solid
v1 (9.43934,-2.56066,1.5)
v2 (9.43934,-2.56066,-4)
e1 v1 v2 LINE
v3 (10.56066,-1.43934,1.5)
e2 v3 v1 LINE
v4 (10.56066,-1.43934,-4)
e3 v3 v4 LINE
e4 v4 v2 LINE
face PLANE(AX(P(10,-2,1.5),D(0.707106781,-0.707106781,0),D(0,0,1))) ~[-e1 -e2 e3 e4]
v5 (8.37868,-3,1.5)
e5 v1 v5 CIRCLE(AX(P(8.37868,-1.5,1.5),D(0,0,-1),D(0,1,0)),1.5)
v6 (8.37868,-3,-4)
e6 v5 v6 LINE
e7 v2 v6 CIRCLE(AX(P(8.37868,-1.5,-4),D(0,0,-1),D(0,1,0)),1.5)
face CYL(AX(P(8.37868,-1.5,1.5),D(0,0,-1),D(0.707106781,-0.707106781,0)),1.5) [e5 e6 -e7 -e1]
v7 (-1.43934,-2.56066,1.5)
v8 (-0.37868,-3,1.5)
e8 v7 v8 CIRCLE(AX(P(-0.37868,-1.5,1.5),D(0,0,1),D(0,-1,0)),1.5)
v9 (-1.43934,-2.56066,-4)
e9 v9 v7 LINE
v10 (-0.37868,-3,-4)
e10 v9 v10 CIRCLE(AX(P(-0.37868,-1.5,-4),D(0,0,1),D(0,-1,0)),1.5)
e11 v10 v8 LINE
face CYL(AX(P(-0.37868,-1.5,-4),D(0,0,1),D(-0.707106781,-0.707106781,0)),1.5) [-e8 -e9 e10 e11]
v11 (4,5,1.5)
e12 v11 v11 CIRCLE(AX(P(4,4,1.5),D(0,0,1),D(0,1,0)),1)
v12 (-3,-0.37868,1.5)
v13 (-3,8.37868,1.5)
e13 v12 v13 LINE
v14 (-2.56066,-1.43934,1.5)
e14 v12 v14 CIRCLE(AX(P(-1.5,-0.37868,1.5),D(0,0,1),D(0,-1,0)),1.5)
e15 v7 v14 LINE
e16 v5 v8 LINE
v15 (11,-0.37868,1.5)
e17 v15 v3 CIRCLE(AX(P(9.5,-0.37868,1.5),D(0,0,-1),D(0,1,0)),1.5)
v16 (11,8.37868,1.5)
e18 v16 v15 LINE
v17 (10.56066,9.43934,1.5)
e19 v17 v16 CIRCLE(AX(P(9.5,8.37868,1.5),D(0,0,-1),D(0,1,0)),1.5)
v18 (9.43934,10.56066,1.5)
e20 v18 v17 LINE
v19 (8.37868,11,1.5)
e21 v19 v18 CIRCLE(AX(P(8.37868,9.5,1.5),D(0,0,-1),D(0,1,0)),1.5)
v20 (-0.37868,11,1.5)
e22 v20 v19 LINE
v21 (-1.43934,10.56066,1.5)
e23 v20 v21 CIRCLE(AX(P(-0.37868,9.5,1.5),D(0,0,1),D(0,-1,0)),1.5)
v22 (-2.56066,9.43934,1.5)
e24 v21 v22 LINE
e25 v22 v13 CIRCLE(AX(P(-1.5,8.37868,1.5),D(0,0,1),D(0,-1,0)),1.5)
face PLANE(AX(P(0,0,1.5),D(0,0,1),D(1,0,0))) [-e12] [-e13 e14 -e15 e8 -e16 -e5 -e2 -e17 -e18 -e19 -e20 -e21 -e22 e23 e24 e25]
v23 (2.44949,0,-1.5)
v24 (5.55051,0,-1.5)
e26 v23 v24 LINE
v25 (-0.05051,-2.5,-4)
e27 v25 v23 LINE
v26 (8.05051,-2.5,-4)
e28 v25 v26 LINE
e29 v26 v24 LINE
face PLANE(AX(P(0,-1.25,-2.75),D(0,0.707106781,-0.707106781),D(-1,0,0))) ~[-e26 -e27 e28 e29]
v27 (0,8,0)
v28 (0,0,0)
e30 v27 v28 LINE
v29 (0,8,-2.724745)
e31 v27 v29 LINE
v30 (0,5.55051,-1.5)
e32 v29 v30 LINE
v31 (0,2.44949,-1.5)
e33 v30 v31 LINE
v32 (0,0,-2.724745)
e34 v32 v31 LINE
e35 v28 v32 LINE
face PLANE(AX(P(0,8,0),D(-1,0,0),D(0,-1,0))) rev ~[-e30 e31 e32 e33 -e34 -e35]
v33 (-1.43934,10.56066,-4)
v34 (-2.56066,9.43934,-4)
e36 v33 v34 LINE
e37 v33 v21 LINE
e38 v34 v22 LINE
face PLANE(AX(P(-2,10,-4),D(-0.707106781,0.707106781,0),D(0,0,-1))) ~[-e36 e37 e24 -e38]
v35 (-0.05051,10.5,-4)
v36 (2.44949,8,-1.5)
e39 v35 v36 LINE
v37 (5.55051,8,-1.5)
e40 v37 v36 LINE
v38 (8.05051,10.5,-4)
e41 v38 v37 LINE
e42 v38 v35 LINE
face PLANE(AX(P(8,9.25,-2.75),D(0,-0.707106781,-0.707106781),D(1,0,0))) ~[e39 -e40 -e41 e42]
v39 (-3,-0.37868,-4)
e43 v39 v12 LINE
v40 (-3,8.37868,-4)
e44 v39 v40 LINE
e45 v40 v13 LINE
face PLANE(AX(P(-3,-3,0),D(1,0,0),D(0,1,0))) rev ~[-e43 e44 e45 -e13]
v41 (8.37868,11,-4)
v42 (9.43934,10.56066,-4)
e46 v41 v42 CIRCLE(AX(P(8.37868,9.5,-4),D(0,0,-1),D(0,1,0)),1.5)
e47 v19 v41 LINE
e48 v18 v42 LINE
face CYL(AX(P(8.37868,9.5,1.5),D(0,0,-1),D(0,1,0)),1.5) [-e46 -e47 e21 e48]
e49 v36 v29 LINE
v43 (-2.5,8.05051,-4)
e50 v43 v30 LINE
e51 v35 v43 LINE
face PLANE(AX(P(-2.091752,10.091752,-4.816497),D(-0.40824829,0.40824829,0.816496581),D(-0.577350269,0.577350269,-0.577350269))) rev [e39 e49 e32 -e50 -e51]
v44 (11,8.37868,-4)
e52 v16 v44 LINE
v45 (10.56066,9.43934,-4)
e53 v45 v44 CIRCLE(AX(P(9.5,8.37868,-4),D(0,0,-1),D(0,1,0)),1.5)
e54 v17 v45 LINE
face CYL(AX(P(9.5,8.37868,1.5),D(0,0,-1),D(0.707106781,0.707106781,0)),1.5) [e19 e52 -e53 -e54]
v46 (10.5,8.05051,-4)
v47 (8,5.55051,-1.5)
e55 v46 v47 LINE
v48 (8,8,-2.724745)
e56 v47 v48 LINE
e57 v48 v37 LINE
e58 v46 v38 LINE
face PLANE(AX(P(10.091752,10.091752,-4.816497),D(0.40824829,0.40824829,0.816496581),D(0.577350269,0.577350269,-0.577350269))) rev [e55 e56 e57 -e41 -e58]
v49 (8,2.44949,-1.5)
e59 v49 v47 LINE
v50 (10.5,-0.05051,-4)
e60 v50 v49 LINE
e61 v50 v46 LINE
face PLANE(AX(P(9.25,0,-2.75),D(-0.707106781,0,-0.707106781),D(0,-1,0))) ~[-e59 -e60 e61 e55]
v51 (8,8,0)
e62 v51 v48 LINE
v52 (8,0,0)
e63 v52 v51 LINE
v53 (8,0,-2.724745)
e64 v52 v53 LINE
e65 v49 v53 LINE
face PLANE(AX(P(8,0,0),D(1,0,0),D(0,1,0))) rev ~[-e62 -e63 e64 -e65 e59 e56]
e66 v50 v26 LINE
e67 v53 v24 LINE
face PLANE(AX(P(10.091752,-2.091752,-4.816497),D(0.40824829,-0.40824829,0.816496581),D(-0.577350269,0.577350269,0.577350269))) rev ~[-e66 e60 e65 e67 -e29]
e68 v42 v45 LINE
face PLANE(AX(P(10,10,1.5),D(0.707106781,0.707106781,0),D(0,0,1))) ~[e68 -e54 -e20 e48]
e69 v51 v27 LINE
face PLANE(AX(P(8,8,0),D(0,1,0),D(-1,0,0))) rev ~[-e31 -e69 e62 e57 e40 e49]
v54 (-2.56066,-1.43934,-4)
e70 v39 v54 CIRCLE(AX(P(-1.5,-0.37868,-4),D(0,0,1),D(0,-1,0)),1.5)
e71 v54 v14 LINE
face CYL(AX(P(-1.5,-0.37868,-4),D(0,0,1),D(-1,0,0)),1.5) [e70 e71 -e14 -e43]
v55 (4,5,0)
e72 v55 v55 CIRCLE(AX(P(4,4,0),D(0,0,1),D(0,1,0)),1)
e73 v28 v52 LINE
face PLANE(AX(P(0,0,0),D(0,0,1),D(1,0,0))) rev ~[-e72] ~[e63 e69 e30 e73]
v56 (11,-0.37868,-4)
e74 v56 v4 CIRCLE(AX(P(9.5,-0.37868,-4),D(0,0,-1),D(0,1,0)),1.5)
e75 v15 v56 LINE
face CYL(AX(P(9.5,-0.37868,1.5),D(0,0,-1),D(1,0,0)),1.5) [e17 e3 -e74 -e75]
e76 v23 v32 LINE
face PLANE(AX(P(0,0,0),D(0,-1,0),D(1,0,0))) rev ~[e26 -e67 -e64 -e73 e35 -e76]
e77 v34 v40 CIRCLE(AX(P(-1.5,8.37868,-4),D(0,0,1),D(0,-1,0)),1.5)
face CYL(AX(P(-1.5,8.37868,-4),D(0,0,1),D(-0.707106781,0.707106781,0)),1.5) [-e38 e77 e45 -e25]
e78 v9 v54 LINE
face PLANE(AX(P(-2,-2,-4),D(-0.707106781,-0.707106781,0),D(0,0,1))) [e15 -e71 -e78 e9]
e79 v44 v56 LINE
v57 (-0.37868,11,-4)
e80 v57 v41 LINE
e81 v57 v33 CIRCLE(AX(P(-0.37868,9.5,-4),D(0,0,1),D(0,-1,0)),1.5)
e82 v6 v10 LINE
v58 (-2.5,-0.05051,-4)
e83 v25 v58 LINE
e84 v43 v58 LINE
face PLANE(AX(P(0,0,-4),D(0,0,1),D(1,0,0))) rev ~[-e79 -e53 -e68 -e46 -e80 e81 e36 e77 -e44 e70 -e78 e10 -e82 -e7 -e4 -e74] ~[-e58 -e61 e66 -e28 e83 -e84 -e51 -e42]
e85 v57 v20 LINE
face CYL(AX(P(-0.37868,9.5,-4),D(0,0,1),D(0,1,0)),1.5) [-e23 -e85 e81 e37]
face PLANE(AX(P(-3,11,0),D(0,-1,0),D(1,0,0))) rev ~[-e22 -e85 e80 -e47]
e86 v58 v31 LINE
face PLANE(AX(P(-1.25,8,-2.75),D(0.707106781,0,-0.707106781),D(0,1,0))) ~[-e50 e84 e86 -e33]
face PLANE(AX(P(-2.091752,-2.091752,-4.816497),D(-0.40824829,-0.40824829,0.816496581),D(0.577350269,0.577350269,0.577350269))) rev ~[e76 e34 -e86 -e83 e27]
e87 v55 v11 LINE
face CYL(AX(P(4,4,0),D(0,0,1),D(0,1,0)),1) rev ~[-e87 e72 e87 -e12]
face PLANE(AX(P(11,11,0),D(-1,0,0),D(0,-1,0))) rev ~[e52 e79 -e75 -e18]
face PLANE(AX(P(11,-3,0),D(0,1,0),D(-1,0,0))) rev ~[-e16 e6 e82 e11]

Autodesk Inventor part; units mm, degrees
ref_plane "YZ Plane" through (0, 0, 0) normal (1, 0, 0) x (0, 1, 0)
ref_plane "XZ Plane" through (0, 0, 0) normal (0, 1, 0) x (-1, 0, 0)
ref_plane "XY Plane" through (0, 0, 0) normal (0, 0, 1) x (1, 0, 0)
sketch "Sketch1" plane through (0, 0, 0) normal (0, 0, 1) x (1, 0, 0)
  line L0 (0, 0) -> (8, 0)
  line L1 (8, 0) -> (8, 8)
  line L2 (8, 8) -> (0, 8)
  line L3 (0, 8) -> (0, 0)
  line L4 (-3, 11) -> (11, 11)
  line L5 (11, 11) -> (11, -3)
  line L6 (11, -3) -> (-3, -3)
  line L7 (-3, -3) -> (-3, 11)
  dimension "d0" = 8
  dimension "d1" = 8
  dimension "d2" = 3
extrude "Extrusion1" add sketch "Sketch1" along normal blind 1.5 contours L3 L2 L1 L0 | L4 L5 L6 L7
extrude "Extrusion2" add sketch "Sketch1" against normal blind 4
chamfer "Chamfer1" distance 2.5 angle 45 4 edges at (8, 4, -4) (4, 0, -4) (4, 8, -4) (0, 4, -4)
sketch "Sketch2" plane through (0, 0, 0) normal (0, 0, -1) x (-1, 0, 0)
  line L0 (-8, 8) -> (-8, 0) projected
  line L1 (-8, 0) -> (0, 0) projected
  line L2 (0, 0) -> (0, 8) projected
  line L3 (0, 8) -> (-8, 8) projected
  point P0 (-4, 4)
hole "Hole1" at (4, 4, 0) direction (0, 0, 1) diameter 2 depth 8 tip angle 118
chamfer "Chamfer2" distance 2 angle 45 8 edges at (9.25, 9.25, -2.75) (-1.25, 9.25, -2.75) (-1.25, -1.25, -2.75) (9.25, -1.25, -2.75) (11, -3, -1.25) (11, 11, -1.25) (-3, -3, -1.25) (-3, 11, -1.25)
fillet "Fillet2" radius 1.5 8 edges at (11, 9, -1.25) (9, 11, -1.25) (11, -1, -1.25) (9, -3, -1.25) (-1, -3, -1.25) (-3, -1, -1.25) (-1, 11, -1.25) (-3, 9, -1.25)
properties part number "CNCM_ALU_Visual_inspection_tray_leg_holder" material "Aluminum 6061"
